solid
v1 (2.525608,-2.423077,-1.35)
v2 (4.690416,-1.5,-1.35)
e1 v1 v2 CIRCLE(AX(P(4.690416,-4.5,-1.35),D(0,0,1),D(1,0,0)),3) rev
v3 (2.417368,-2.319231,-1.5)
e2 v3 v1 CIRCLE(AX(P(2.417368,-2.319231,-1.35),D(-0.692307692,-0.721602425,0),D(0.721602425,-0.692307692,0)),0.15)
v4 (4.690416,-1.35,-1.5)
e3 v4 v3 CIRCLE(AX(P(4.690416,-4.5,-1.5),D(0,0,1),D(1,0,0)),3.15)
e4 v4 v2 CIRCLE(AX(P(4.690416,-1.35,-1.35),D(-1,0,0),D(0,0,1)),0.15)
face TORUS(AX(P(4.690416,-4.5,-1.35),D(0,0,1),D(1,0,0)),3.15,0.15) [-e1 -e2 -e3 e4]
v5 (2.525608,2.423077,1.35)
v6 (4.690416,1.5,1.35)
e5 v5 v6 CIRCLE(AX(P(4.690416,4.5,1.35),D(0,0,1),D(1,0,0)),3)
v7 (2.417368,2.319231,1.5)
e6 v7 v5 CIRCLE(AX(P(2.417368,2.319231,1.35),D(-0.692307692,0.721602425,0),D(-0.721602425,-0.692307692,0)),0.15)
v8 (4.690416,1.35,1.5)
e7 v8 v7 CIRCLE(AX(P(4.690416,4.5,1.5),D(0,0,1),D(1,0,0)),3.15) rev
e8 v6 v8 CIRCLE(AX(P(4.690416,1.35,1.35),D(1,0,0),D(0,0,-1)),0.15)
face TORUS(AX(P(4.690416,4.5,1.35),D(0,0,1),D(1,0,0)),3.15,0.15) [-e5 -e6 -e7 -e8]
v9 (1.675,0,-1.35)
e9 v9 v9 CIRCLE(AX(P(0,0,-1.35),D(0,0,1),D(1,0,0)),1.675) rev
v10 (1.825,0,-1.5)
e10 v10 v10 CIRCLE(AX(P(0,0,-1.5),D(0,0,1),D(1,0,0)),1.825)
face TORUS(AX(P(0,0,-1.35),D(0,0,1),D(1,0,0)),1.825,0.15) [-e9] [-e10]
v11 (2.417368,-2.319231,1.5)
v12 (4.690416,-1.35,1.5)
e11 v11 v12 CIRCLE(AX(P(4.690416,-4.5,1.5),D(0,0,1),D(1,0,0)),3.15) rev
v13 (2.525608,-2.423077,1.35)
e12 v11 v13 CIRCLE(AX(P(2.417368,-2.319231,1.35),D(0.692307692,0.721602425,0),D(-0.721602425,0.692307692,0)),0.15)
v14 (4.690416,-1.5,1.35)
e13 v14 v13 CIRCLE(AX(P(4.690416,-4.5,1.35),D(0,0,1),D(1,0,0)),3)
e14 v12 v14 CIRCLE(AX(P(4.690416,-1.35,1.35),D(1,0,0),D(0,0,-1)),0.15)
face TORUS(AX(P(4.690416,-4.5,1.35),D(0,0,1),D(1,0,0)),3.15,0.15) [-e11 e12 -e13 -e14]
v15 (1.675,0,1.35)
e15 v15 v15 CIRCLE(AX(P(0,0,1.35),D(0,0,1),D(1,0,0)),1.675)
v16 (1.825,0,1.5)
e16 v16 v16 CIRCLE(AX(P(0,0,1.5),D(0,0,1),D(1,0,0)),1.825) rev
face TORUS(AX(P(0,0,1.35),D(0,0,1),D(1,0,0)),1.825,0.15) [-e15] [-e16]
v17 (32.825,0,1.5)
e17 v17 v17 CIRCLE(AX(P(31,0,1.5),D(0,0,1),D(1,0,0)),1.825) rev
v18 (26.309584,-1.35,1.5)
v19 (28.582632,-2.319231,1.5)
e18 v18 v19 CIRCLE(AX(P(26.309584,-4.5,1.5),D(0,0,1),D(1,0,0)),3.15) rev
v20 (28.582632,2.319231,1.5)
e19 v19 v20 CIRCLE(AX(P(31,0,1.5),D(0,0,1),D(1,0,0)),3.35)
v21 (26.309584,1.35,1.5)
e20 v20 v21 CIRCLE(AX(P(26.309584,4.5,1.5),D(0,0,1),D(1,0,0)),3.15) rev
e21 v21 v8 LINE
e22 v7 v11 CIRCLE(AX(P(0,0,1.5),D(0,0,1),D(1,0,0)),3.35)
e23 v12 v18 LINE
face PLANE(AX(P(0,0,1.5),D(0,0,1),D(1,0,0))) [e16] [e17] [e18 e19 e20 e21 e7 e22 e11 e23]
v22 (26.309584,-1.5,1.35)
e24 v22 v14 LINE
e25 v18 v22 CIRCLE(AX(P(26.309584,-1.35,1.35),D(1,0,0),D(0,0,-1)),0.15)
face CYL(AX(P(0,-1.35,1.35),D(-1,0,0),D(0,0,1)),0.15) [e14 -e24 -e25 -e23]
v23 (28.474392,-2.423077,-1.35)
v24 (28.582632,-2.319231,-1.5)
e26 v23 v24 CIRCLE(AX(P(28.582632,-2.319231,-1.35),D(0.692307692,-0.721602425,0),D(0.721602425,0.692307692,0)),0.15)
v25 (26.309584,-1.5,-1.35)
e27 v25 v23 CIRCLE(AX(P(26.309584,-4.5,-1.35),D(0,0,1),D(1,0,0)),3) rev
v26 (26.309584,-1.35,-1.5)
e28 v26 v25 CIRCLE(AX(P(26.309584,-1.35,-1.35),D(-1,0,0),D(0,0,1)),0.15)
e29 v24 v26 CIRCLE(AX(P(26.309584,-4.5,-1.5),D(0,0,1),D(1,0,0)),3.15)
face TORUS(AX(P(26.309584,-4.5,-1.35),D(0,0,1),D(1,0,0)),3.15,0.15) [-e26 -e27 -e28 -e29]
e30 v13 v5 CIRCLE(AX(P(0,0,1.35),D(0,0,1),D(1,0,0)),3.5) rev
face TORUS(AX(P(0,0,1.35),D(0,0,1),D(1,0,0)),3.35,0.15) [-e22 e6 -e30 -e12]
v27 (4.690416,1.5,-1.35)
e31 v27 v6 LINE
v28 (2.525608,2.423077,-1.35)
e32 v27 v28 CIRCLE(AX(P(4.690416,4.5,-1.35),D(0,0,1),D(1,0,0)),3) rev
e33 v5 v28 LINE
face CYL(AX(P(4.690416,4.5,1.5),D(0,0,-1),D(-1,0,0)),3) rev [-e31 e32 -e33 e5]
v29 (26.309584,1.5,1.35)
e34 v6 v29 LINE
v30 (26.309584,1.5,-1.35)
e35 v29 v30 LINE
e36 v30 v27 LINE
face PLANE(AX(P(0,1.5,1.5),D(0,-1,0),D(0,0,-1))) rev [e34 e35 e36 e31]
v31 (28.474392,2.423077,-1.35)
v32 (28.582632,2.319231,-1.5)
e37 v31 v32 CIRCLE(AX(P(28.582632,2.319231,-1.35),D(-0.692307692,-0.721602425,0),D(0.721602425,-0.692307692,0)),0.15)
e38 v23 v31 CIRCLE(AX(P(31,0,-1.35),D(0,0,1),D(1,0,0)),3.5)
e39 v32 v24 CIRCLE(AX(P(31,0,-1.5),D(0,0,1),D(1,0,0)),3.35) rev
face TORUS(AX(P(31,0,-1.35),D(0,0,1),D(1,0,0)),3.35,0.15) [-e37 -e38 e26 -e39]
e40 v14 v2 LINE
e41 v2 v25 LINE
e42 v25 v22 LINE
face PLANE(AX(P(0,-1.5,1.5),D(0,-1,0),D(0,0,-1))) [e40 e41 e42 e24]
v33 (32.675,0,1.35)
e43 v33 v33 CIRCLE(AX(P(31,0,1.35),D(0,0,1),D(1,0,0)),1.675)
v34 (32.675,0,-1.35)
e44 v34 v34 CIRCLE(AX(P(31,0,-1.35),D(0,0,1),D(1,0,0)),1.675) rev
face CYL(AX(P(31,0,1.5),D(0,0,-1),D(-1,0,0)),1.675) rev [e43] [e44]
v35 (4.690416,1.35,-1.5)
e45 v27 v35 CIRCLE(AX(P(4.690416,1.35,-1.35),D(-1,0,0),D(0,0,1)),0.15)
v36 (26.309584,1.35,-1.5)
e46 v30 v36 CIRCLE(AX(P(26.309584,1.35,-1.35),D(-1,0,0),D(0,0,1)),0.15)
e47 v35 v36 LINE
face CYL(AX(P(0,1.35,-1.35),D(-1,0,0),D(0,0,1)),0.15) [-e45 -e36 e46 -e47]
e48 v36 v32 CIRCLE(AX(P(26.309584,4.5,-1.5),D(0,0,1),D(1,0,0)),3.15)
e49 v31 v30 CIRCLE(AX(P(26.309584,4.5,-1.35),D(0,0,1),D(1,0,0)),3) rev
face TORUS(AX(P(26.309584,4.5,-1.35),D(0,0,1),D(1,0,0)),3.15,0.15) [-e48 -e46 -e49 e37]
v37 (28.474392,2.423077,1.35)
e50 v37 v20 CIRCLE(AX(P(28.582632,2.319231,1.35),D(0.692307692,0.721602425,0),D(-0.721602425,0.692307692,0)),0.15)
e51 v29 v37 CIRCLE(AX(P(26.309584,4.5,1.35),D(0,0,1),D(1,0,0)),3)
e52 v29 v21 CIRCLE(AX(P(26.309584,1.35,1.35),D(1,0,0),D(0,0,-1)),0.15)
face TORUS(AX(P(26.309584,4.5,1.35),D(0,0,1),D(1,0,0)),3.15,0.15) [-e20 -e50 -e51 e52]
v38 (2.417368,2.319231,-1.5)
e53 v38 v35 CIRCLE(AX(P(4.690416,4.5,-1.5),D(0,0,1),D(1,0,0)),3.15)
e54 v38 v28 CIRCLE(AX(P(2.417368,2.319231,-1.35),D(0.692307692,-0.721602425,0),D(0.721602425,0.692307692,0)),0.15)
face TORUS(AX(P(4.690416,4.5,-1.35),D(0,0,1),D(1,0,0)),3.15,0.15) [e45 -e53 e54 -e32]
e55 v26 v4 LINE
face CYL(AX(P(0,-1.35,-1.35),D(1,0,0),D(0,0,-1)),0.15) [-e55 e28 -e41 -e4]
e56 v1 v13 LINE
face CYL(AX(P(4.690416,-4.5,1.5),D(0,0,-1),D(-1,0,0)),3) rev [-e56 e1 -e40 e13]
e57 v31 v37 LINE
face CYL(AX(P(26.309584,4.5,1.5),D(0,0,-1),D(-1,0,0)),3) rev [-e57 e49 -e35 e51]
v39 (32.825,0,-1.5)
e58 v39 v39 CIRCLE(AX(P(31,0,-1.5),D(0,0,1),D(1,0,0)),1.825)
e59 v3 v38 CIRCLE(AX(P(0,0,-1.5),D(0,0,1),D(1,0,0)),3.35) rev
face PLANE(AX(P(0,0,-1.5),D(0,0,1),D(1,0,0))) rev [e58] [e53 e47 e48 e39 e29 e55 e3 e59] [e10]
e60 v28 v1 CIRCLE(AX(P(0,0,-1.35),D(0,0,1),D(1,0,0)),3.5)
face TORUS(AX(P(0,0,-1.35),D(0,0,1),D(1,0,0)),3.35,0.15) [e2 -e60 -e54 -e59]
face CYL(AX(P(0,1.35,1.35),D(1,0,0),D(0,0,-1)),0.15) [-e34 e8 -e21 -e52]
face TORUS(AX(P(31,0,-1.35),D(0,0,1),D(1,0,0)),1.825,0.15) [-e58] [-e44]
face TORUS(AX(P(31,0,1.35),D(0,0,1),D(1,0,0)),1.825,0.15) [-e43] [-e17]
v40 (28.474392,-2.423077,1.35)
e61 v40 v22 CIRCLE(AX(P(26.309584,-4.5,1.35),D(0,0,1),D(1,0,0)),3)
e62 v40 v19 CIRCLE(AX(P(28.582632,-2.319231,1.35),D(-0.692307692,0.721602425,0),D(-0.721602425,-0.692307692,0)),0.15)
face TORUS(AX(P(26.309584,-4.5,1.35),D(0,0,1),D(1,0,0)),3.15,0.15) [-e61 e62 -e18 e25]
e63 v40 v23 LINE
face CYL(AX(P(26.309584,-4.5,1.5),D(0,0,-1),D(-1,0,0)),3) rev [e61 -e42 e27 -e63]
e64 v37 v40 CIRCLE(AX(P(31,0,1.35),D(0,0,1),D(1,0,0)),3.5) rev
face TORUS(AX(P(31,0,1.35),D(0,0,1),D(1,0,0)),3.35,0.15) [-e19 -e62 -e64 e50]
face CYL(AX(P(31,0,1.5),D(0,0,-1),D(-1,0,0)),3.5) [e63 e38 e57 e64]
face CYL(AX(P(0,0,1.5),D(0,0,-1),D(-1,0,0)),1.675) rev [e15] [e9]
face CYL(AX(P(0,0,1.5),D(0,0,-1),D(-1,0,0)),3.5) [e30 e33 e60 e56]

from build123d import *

# Parameters (mm, degrees)
SKETCH1_R           = 3.5
SKETCH1_R_2         = 1.675
BOSS_EXTRUDE1_DEPTH = 1.5
FILLET1_R           = 3
FILLET2_R           = 0.15


with BuildPart() as part:
    # Sketch1 → Boss-Extrude1 (new, symmetric)
    # profile 1 of 3: a face of its own
    with BuildSketch(Plane.XY):
        Circle(SKETCH1_R)
        Circle(SKETCH1_R_2, mode=Mode.SUBTRACT)
    # profile 2 of 3: a face of its own
    with BuildSketch(Plane.XY):
        with BuildLine():
            Line((3.16227766, -1.5), (27.83772234, -1.5))
            ThreePointArc((27.83772234, -1.5), (27.5, 0), (27.83772234, 1.5))
            Line((27.83772234, 1.5), (3.16227766, 1.5))
            ThreePointArc((3.16227766, 1.5), (3.414525722, 0.768774411), (3.5, 0))
            ThreePointArc((3.5, 0), (3.414525722, -0.768774411), (3.16227766, -1.5))
        make_face()
    # profile 3 of 3: a face of its own
    with BuildSketch(Plane.XY):
        with Locations((31, 0)):
            Circle(SKETCH1_R)
        with Locations((31, 0)):
            Circle(SKETCH1_R_2, mode=Mode.SUBTRACT)
    extrude(amount=BOSS_EXTRUDE1_DEPTH, both=True)

    # Fillet1
    fillet1_edges = [part.edges().sort_by_distance(p)[0] for p in [
        (27.83772234, 1.5, 0),
        (27.83772234, -1.5, 0),
        (3.16227766, -1.5, 0),
        (3.16227766, 1.5, 0),
    ]]
    fillet(fillet1_edges, radius=FILLET1_R)

    # Fillet2
    fillet2_edges = [part.edges().sort_by_distance(p)[0] for p in [
        (-3.5, 0, -1.5),
        (-1.675, 0, 1.5),
        (-3.5, 0, 1.5),
        (15.5, 1.5, -1.5),
        (15.5, 1.5, 1.5),
        (29.325, 0, 1.5),
        (34.5, 0, -1.5),
        (34.5, 0, 1.5),
        (15.5, -1.5, -1.5),
        (15.5, -1.5, 1.5),
        (3.513718949, 1.740401367, -1.5),
        (3.513718949, 1.740401367, 1.5),
        (27.486281051, 1.740401367, -1.5),
        (27.486281051, 1.740401367, 1.5),
        (3.513718949, -1.740401367, -1.5),
        (3.513718949, -1.740401367, 1.5),
        (27.486281051, -1.740401367, -1.5),
        (27.486281051, -1.740401367, 1.5),
        (29.325, 0, -1.5),
        (-1.675, 0, -1.5),
    ]]
    fillet(fillet2_edges, radius=FILLET2_R)


solid = part.part
